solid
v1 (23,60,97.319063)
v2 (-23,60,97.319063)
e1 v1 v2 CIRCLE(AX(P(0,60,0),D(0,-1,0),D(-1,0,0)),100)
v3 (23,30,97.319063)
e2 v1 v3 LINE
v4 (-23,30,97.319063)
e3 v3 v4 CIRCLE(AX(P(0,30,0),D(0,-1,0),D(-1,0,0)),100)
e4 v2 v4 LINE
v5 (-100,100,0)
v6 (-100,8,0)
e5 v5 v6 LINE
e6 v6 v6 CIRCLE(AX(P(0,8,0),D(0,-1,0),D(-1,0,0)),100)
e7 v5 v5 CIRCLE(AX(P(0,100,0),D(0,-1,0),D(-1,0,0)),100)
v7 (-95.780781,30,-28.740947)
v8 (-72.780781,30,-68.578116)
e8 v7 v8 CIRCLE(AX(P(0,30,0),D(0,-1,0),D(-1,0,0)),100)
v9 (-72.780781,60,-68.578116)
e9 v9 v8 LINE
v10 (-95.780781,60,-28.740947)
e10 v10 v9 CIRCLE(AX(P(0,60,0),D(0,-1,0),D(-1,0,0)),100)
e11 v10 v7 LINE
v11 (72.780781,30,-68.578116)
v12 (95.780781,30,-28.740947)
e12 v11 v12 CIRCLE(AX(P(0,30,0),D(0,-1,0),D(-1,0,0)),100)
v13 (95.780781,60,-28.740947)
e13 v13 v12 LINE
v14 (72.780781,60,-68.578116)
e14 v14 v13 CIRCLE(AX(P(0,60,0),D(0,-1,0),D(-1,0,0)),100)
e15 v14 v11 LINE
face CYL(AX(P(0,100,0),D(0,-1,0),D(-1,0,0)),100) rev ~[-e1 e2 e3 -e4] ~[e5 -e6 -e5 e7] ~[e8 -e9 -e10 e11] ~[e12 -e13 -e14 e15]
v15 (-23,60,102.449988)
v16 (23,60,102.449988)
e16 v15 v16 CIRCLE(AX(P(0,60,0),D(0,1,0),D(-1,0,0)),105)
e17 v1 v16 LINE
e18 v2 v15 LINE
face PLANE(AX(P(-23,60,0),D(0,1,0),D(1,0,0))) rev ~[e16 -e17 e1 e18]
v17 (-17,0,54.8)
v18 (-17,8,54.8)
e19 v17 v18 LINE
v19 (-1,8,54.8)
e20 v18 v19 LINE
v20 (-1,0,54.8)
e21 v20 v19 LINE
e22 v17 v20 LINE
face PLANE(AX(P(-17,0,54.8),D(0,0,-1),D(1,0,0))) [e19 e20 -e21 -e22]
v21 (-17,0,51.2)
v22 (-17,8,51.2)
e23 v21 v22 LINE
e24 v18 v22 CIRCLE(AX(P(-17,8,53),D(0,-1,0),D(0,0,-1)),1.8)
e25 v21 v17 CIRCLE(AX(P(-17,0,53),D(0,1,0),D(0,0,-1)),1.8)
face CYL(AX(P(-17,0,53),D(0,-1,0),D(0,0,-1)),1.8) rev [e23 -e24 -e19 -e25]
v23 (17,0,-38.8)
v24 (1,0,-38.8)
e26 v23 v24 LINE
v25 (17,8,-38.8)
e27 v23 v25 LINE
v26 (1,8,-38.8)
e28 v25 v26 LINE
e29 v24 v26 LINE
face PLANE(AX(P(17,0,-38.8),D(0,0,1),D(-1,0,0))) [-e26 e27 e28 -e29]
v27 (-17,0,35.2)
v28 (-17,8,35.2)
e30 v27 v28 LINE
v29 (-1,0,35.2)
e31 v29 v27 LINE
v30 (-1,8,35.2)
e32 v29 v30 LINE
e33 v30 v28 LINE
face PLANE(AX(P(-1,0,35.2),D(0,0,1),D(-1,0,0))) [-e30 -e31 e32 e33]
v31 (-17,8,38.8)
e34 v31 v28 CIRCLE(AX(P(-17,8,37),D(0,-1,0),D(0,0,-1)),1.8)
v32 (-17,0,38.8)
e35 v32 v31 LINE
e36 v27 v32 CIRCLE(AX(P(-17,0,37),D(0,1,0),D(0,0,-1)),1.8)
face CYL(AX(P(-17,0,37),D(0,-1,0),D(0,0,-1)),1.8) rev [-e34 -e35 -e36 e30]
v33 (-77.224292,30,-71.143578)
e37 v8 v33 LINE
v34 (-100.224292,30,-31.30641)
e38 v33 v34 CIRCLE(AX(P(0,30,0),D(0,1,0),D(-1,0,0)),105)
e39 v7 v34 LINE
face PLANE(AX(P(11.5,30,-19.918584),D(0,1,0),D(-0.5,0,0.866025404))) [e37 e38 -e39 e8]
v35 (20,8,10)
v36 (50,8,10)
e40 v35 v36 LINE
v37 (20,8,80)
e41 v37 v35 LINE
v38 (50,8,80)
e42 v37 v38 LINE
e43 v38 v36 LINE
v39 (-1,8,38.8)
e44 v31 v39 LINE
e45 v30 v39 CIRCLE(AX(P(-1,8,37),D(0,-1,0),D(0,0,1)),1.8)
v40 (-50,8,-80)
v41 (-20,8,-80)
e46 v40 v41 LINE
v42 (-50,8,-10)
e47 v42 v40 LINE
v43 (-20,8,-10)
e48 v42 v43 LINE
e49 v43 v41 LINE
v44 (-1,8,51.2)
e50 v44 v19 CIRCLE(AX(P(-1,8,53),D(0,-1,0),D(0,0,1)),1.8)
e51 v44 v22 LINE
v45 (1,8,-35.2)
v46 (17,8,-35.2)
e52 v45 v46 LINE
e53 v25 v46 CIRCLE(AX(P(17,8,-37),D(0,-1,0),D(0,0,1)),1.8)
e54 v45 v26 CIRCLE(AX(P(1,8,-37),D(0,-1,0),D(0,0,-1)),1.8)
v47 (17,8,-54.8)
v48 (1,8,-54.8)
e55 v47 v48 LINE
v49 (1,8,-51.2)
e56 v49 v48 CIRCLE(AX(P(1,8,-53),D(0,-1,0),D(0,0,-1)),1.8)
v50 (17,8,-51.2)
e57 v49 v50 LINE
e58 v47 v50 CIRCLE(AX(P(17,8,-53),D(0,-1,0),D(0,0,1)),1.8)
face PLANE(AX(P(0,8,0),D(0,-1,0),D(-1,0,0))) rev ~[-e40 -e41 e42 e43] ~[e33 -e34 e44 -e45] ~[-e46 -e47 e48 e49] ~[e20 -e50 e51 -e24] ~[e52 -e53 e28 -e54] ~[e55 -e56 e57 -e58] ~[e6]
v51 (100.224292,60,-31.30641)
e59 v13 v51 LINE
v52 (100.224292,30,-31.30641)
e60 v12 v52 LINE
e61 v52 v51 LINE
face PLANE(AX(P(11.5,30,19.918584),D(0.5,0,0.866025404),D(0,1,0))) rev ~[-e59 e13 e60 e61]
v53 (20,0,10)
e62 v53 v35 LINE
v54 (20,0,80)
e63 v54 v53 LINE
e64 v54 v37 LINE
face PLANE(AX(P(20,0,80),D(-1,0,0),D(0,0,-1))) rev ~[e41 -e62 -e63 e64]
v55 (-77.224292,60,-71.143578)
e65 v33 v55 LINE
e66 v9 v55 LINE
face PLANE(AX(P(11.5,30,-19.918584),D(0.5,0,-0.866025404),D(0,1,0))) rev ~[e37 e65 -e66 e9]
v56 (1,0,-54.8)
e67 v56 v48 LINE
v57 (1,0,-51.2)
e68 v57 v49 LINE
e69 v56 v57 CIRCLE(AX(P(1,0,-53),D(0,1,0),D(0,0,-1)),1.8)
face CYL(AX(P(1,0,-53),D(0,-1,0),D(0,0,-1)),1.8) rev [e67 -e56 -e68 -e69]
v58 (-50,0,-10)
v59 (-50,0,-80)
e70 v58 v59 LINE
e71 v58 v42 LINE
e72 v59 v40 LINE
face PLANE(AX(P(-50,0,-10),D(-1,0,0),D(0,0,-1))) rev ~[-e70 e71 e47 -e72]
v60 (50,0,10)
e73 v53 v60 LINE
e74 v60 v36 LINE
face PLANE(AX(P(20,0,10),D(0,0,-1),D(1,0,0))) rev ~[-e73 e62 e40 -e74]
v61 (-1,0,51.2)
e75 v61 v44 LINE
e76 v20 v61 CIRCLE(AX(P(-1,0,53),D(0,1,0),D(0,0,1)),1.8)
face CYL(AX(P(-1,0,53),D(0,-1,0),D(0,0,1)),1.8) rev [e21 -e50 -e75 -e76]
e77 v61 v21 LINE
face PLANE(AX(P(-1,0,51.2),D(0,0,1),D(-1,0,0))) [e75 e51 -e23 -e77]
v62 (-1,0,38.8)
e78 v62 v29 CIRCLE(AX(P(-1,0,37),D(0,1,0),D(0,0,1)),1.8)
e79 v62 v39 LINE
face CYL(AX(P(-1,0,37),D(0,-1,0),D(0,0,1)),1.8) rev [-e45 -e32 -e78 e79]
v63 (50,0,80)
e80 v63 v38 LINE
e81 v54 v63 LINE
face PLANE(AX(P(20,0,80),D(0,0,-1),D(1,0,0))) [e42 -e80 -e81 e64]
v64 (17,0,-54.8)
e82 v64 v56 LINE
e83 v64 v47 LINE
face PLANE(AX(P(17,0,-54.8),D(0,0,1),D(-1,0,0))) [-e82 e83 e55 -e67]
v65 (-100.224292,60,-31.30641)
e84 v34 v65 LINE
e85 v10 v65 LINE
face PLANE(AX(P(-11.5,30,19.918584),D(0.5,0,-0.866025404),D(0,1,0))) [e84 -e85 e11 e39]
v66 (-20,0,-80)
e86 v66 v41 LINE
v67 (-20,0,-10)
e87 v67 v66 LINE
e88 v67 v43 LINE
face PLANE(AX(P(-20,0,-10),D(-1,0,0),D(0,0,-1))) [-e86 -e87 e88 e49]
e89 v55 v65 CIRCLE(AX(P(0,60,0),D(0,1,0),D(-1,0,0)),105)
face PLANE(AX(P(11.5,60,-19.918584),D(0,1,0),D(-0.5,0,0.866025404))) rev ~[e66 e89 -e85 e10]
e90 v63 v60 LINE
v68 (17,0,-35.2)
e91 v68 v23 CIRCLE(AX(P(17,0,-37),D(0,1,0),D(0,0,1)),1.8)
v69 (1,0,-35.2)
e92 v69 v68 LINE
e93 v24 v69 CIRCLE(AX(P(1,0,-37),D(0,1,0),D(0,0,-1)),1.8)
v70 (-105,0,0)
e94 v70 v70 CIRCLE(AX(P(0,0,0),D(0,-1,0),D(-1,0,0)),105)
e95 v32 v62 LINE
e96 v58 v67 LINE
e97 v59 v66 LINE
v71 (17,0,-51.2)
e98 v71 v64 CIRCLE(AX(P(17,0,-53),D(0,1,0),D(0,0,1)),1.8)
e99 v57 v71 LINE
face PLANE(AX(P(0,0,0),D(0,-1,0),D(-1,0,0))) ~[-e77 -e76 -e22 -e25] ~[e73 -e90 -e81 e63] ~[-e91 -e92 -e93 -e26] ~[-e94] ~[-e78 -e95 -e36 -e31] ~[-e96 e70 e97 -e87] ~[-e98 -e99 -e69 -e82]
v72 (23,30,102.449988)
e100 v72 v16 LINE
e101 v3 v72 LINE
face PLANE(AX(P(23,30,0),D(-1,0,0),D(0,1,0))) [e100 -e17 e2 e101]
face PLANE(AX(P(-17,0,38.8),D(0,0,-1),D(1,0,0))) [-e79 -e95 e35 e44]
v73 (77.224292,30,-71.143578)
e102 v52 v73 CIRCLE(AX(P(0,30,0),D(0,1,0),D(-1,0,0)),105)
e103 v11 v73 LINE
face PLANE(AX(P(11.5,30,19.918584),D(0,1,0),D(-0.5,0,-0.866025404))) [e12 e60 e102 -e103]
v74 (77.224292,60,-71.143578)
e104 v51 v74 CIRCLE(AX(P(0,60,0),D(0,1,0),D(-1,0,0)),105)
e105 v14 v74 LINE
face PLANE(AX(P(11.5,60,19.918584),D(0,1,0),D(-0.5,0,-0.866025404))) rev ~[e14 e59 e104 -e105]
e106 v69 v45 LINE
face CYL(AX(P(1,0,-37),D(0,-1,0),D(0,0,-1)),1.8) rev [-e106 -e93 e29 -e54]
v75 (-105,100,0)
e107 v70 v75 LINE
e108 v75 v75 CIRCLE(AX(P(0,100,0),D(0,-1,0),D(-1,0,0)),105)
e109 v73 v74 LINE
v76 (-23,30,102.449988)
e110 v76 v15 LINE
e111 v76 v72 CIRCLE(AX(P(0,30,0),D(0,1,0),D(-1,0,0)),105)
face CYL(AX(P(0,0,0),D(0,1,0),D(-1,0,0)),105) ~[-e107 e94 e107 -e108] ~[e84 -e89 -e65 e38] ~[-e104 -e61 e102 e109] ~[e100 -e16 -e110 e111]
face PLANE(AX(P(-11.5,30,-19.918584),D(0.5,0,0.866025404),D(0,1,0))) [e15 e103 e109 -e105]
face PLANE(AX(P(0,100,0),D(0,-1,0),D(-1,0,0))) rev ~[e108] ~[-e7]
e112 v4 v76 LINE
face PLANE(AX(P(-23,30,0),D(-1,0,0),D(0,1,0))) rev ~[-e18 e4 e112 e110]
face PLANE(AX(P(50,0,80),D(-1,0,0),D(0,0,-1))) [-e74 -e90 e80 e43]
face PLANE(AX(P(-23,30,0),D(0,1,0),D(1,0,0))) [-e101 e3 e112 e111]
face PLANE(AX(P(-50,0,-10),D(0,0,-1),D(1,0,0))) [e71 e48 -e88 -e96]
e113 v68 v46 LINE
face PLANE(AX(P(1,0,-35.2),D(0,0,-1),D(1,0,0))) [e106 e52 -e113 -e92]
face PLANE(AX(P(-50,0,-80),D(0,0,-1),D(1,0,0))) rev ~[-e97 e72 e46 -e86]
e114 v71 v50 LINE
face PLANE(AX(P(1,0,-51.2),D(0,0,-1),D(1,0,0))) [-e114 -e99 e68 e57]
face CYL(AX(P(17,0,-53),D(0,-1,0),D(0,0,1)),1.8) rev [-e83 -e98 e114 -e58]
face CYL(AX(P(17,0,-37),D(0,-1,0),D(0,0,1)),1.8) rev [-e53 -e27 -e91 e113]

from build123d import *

# Parameters (mm, degrees)
SKETCH_2_W               = 46
SKETCH_2_H               = 30
CUT_EXTRUDE_1_DEPTH      = 180.0251379
PATTERN_CIRCULAR_1_COUNT = 3
SKETCH_3_W               = 30
SKETCH_3_H               = 70
CUT_EXTRUDE_2_DEPTH      = 180.0251379


with BuildPart() as part:
    # 草图1 → 旋转1 (revolve)
    with BuildSketch(Plane.XY):
        Polygon((-105, 100), (-100, 100), (-100, 8), (0, 8), (0, 0), (-105, 0), align=None)
    revolve(axis=Axis((0, 100, 0), (0, -1, 0)))

    # 草图2 → 切除-拉伸1 (cut, through all)
    with BuildSketch(Plane.XY):
        with Locations((0, 45)):
            Rectangle(SKETCH_2_W, SKETCH_2_H)
    cut_extrude_1 = extrude(amount=CUT_EXTRUDE_1_DEPTH, mode=Mode.SUBTRACT)

    # 阵列(圆周)1: 切除-拉伸1 ×3 about axis
    pattern_circular_1_axis = Axis((0, 0, 0), (0, 1, 0))
    for i in range(1, PATTERN_CIRCULAR_1_COUNT):
        add(cut_extrude_1.rotate(pattern_circular_1_axis, i * 360 / PATTERN_CIRCULAR_1_COUNT), mode=Mode.SUBTRACT)

    # 草图3 → 切除-拉伸2 (cut, through all)
    with BuildSketch(Plane(origin=(0, 0, 0), x_dir=(1, 0, 0), z_dir=(0, 1, 0))):
        with Locations((35, -45)):
            Rectangle(SKETCH_3_W, SKETCH_3_H)
        with BuildLine():
            Line((-17, -54.8), (-1, -54.8))
            ThreePointArc((-1, -54.8), (0.8, -53), (-1, -51.2))
            Line((-1, -51.2), (-17, -51.2))
            ThreePointArc((-17, -51.2), (-18.8, -53), (-17, -54.8))
        make_face()
        with BuildLine():
            Line((-17, -38.8), (-1, -38.8))
            ThreePointArc((-1, -38.8), (0.8, -37), (-1, -35.2))
            Line((-1, -35.2), (-17, -35.2))
            ThreePointArc((-17, -35.2), (-18.8, -37), (-17, -38.8))
        make_face()
        with BuildLine():
            Line((17, 38.8), (1, 38.8))
            ThreePointArc((1, 38.8), (-0.8, 37), (1, 35.2))
            Line((1, 35.2), (17, 35.2))
            ThreePointArc((17, 35.2), (18.8, 37), (17, 38.8))
        make_face()
        with BuildLine():
            Line((17, 54.8), (1, 54.8))
            ThreePointArc((1, 54.8), (-0.8, 53), (1, 51.2))
            Line((1, 51.2), (17, 51.2))
            ThreePointArc((17, 51.2), (18.8, 53), (17, 54.8))
        make_face()
        with Locations((-35, 45)):
            Rectangle(SKETCH_3_W, SKETCH_3_H)
    extrude(amount=CUT_EXTRUDE_2_DEPTH, mode=Mode.SUBTRACT)


solid = part.part
